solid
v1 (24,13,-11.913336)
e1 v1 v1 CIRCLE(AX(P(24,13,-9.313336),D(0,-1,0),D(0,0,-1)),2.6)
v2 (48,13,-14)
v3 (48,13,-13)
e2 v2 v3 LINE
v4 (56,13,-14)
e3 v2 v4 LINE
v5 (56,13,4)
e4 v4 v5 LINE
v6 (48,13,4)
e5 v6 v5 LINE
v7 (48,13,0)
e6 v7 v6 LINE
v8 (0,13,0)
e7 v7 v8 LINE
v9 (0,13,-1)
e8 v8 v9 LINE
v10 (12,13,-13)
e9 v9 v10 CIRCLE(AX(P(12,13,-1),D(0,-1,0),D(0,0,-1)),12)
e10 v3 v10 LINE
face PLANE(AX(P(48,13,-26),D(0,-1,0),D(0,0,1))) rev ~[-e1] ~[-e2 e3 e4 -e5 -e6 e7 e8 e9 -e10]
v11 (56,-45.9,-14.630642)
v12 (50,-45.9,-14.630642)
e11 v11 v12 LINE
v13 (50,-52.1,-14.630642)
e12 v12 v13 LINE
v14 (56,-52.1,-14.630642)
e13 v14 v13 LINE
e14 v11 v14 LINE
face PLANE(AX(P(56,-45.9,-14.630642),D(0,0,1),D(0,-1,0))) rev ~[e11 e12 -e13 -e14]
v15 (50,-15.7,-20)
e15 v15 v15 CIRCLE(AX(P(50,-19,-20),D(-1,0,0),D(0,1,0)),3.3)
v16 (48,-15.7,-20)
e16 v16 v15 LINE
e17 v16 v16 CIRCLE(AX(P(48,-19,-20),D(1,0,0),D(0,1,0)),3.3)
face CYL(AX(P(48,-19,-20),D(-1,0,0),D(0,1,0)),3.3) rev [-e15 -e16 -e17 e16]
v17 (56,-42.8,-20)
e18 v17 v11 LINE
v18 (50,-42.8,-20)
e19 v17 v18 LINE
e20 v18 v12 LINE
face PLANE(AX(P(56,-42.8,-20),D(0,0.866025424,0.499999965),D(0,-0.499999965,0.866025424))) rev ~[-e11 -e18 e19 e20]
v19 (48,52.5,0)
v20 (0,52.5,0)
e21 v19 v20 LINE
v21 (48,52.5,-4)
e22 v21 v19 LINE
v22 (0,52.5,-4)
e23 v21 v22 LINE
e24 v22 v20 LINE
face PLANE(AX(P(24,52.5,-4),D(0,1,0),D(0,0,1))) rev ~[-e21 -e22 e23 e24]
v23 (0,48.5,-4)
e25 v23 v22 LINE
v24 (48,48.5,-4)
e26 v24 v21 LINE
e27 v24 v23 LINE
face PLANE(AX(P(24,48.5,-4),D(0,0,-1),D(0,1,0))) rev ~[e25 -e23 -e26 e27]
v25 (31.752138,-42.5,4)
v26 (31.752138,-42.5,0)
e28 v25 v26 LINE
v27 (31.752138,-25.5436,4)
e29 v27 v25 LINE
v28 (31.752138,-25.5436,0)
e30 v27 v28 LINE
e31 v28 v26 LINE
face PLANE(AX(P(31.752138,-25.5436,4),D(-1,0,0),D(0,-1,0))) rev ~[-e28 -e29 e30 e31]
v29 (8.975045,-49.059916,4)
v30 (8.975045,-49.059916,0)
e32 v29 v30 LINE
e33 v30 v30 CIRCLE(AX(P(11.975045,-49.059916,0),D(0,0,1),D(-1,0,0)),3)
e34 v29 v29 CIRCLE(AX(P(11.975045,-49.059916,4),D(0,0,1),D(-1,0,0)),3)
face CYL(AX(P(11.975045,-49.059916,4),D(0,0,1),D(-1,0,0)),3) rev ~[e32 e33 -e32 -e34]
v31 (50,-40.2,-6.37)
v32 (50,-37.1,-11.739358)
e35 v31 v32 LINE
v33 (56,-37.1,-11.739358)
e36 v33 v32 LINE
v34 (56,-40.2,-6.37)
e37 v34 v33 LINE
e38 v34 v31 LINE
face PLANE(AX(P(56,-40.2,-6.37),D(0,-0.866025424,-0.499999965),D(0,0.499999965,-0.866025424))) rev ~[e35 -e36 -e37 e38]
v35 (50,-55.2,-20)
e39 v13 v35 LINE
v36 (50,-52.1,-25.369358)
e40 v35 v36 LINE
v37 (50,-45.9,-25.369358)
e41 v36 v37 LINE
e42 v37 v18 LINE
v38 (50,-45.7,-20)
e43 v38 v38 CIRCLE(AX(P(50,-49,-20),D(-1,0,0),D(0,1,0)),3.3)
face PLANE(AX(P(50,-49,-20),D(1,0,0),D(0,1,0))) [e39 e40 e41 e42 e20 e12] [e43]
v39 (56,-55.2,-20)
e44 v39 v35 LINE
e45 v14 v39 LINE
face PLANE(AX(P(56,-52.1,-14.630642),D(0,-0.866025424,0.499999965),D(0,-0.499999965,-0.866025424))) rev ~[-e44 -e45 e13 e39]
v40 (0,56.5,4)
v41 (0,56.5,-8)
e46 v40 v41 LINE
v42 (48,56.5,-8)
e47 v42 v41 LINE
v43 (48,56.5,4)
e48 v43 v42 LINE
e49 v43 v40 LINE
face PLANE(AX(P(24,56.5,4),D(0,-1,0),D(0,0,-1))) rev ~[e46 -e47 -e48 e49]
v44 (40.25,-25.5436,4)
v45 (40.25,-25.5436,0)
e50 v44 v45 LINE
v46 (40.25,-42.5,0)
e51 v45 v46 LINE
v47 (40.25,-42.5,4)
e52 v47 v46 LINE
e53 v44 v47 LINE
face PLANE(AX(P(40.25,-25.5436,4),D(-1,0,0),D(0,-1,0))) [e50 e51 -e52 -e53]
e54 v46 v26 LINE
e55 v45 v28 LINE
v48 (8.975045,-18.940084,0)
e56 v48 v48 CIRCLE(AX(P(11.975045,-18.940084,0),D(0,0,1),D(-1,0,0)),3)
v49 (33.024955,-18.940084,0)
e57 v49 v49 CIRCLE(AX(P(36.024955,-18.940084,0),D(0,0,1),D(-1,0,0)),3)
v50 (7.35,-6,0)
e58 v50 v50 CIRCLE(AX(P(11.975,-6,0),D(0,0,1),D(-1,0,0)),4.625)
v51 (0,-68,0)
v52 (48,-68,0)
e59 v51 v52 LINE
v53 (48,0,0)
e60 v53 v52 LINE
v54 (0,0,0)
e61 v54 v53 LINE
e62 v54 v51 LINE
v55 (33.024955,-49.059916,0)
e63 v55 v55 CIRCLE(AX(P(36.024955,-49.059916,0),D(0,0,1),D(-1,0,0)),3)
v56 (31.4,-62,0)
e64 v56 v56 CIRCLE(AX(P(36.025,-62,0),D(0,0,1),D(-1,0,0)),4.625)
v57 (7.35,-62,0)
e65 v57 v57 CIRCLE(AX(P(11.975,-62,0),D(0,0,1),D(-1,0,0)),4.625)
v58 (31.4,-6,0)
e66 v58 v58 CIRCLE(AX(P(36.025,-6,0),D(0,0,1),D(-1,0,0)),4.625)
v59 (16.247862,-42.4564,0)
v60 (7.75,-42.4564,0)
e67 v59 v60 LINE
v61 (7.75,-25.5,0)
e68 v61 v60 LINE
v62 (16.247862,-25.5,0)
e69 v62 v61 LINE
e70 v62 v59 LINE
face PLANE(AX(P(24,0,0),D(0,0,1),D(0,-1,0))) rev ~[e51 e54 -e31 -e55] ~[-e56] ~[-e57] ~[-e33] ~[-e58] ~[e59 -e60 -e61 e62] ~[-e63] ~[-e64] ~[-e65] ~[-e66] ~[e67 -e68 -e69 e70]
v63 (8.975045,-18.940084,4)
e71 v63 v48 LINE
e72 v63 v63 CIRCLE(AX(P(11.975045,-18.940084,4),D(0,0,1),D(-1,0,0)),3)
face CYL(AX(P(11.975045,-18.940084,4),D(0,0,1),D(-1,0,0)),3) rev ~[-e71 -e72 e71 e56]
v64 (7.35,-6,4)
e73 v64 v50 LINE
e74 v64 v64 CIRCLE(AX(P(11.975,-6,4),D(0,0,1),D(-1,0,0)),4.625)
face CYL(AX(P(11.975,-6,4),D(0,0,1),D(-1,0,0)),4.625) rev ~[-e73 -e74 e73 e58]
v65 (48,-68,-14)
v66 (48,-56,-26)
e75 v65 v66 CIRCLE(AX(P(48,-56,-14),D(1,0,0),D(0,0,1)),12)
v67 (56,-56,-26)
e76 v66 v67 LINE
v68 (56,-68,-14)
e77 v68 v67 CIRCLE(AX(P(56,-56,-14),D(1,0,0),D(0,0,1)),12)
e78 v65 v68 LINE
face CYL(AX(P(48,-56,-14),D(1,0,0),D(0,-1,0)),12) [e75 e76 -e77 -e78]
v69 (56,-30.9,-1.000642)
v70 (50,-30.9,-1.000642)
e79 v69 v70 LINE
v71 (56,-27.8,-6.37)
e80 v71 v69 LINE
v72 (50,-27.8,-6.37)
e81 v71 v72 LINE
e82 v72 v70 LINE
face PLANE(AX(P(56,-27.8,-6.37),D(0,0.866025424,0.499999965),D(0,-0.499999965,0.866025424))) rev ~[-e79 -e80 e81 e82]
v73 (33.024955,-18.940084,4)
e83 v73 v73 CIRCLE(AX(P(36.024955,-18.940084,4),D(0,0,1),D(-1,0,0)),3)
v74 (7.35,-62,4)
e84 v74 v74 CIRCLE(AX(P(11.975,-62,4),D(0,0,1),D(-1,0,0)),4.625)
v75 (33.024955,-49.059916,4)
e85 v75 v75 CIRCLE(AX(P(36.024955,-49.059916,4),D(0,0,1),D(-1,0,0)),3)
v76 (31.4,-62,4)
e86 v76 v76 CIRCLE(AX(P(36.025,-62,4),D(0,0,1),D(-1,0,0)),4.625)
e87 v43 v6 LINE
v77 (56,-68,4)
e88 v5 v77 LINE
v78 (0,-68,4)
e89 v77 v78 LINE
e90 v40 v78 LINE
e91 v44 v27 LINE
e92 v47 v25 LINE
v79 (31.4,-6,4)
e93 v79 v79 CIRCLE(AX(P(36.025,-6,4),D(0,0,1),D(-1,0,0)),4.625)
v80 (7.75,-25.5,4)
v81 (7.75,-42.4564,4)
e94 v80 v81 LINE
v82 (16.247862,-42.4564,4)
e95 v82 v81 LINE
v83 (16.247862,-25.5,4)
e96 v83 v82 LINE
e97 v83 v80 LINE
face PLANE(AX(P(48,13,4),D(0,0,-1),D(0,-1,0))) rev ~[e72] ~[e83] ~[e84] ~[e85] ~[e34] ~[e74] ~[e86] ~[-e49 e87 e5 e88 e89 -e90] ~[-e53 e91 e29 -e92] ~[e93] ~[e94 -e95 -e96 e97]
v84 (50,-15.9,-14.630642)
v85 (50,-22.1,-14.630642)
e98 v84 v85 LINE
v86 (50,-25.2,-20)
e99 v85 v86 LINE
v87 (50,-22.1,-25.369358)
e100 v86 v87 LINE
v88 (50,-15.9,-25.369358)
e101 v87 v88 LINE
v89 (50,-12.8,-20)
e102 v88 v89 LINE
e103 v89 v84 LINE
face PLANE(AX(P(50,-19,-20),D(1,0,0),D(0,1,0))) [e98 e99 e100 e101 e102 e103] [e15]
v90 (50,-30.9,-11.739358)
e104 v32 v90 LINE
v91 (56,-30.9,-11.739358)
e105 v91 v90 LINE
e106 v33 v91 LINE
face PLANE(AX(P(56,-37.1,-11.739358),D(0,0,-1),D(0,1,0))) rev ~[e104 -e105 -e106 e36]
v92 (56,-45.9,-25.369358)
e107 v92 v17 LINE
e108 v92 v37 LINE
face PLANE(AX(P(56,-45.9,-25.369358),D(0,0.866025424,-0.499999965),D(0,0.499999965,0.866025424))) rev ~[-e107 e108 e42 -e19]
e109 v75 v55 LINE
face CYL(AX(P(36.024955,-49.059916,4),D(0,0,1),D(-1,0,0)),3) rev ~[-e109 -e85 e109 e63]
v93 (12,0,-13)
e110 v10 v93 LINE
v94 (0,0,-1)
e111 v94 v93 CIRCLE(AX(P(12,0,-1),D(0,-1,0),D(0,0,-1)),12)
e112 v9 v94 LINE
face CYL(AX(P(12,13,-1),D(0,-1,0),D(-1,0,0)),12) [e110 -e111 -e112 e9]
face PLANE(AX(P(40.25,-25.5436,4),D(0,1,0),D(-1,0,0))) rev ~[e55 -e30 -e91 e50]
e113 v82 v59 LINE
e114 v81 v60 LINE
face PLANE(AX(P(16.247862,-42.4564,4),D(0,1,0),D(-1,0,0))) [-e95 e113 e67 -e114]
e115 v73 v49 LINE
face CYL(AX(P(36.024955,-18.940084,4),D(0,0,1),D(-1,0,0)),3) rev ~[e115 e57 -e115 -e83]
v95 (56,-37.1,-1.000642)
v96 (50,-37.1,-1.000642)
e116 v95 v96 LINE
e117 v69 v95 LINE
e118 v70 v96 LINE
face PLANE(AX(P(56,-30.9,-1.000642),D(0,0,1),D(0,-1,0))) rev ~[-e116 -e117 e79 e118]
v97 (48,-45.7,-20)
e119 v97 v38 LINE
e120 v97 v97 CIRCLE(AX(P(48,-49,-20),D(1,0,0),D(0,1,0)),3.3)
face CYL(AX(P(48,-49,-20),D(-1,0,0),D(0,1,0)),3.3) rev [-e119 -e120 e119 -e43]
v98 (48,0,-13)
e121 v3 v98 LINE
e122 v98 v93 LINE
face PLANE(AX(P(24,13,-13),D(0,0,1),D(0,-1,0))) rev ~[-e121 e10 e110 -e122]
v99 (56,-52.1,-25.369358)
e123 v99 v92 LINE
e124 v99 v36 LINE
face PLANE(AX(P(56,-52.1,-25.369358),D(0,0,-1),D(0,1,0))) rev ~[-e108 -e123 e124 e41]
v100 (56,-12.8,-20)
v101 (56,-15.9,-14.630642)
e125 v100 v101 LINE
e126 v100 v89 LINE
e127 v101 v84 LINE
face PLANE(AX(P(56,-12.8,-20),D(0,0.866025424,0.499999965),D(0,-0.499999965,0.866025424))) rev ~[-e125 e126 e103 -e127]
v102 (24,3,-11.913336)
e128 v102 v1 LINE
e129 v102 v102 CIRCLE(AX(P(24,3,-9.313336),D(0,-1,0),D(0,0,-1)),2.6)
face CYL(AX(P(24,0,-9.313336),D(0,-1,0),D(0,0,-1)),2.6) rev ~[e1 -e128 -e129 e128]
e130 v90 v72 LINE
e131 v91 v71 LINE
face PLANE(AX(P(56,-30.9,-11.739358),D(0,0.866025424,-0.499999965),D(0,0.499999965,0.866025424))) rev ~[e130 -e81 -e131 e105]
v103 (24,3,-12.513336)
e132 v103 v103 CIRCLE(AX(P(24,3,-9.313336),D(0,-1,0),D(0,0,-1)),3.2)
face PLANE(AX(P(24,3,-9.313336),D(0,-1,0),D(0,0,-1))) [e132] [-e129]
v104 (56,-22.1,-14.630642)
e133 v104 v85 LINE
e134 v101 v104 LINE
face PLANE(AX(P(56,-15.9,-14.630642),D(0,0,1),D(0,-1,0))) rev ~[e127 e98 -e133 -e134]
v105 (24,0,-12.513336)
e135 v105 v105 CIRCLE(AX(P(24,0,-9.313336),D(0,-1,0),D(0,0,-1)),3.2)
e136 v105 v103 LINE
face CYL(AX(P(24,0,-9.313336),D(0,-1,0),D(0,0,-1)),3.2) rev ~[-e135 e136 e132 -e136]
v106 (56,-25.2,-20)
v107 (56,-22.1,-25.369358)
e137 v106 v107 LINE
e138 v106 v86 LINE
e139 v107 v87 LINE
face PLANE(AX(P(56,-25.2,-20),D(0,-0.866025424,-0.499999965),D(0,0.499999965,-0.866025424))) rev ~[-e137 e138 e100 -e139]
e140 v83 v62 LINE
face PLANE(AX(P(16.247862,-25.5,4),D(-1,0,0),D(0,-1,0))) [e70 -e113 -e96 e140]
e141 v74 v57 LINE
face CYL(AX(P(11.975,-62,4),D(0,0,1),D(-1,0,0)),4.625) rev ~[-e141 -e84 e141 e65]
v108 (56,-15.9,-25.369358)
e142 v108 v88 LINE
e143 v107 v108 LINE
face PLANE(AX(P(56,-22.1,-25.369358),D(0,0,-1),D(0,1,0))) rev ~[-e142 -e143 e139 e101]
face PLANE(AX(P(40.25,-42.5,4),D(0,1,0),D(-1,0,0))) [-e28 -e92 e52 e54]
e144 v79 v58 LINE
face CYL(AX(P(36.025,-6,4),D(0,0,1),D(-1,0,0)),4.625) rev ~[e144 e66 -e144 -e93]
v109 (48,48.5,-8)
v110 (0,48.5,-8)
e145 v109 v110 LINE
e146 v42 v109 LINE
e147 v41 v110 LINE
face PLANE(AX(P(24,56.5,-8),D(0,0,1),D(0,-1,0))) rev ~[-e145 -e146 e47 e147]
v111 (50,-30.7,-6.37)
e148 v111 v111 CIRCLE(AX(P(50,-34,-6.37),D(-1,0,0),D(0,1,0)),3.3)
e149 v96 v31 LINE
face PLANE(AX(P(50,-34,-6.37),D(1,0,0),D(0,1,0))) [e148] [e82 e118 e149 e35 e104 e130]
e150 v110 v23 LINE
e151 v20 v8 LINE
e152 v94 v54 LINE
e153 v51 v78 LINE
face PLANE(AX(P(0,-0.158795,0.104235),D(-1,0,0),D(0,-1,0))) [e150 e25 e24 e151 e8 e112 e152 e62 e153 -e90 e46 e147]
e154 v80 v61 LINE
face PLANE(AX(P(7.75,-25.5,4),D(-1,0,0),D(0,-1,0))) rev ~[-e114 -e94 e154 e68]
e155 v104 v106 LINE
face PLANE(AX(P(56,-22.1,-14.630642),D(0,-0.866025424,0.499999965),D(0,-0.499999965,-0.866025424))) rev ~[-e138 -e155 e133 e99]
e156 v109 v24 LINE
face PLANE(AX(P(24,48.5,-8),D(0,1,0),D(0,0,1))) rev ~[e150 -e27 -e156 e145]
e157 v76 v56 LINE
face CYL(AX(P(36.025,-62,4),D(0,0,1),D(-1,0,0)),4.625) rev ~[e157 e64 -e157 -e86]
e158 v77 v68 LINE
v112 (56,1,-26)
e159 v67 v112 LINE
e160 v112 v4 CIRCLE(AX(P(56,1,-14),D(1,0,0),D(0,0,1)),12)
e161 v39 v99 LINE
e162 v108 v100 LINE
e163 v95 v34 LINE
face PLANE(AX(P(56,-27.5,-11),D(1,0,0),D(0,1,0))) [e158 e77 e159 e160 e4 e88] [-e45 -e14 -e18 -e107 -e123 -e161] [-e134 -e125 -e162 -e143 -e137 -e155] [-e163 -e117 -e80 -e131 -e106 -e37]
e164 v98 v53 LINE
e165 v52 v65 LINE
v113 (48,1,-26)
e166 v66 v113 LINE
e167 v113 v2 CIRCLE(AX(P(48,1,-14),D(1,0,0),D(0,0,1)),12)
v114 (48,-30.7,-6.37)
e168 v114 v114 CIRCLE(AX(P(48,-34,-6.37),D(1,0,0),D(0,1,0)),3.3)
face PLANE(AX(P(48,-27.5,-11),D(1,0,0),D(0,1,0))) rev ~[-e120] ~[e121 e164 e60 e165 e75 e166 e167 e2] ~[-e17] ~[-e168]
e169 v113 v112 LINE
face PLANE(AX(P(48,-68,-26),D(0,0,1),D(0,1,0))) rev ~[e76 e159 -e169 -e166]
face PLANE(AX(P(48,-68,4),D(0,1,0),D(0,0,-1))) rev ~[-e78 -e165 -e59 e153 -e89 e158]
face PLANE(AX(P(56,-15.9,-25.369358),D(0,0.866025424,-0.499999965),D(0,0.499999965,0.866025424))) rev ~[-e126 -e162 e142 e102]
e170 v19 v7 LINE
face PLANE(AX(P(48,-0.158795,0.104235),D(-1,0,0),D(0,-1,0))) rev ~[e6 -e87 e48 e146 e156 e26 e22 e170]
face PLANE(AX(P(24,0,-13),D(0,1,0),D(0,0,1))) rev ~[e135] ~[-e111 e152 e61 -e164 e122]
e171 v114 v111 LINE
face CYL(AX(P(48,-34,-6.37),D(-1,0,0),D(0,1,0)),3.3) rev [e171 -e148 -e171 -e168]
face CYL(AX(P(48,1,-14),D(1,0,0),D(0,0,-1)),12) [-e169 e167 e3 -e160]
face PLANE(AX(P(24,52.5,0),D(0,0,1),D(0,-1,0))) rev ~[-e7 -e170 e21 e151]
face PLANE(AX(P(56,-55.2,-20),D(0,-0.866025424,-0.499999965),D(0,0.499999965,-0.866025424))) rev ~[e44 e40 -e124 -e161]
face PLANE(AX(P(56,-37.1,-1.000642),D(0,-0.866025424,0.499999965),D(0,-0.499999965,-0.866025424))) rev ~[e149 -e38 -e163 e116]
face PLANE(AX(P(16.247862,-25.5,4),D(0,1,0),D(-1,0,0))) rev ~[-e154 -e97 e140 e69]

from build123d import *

# Parameters (mm, degrees)
PAD_DEPTH       = 24
SKETCH_R        = 4.625
SKETCH_R_2      = 3
SKETCH_W        = 8.497862
SKETCH_H        = 16.9564
POCKET_DEPTH    = 4
SKETCH003_R     = 2.6
POCKET001_DEPTH = 13
SKETCH005_R     = 3.3
PAD001_DEPTH    = 8
SKETCH004_R     = 3.2
POCKET002_DEPTH = 3
POCKET003_DEPTH = 6
FILLET_R        = 12


with BuildPart() as part:
    # Sketch002 → Pad (new body, symmetric)
    with BuildSketch(Plane.YZ.offset(24)):
        Polygon((0, 4), (56.5, 4), (56.5, -8), (48.5, -8), (48.5, -4), (52.5, -4), (52.5, 0), (13, 0), (13, -13), (0, -13), (0, 0), (-68, 0), (-68, 4), align=None)
    extrude(amount=PAD_DEPTH, both=True)

    # Sketch (on Face13 of Pad) → Pocket (cut)
    with BuildSketch(Plane(origin=(24, -34, 4), x_dir=(-1, 0, 0), z_dir=(0, 0, 1))):
        with Locations((-12.025, 28)):
            Circle(SKETCH_R)
        with Locations((12.025, 28)):
            Circle(SKETCH_R)
        with Locations((12.025, -28)):
            Circle(SKETCH_R)
        with Locations((-12.025, -28)):
            Circle(SKETCH_R)
        with Locations((-12.024955, 15.059916)):
            Circle(SKETCH_R_2)
        with Locations((12.024955, 15.059916)):
            Circle(SKETCH_R_2)
        with Locations((12.024955, -15.059916)):
            Circle(SKETCH_R_2)
        with Locations((-12.024955, -15.059916)):
            Circle(SKETCH_R_2)
        with Locations((-12.001069, 0.0218)):
            Rectangle(SKETCH_W, SKETCH_H)
        with Locations((12.001069, -0.0218)):
            Rectangle(SKETCH_W, SKETCH_H)
    extrude(amount=-POCKET_DEPTH, mode=Mode.SUBTRACT)

    # Sketch003 (on Face30 of Pocket) → Pocket001 (cut)
    with BuildSketch(Plane(origin=(24, 0, 0), x_dir=(0, 0, -1), z_dir=(0, -1, 0))):
        with Locations((9.313336, 0)):
            Circle(SKETCH003_R)
    extrude(amount=-POCKET001_DEPTH, mode=Mode.SUBTRACT)

    # Sketch005 → Pad001 (join)
    with BuildSketch(Plane.YZ.offset(48)):
        Polygon((0, 4), (-68, 4), (-68, -26), (0, -26), (13, -26), (13, 4), align=None)
        with Locations((-49, -20)):
            Circle(SKETCH005_R, mode=Mode.SUBTRACT)
        with Locations((-19, -20)):
            Circle(SKETCH005_R, mode=Mode.SUBTRACT)
        with Locations((-34, -6.37)):
            Circle(SKETCH005_R, mode=Mode.SUBTRACT)
    extrude(amount=PAD001_DEPTH)

    # Sketch004 → Pocket002 (cut)
    with BuildSketch(Plane(origin=(24, 0, 0), x_dir=(0, 0, -1), z_dir=(0, -1, 0))):
        with Locations((9.313336, 0)):
            Circle(SKETCH004_R)
    extrude(amount=-POCKET002_DEPTH, mode=Mode.SUBTRACT)

    # Sketch006 (on Face35 of Pocket002) → Pocket003 (cut)
    with BuildSketch(Plane.YZ.offset(56)):
        Polygon((-42.8, -20), (-45.9, -14.630642), (-52.1, -14.630642), (-55.2, -20), (-52.1, -25.369358), (-45.9, -25.369358), align=None)
        Polygon((-27.8, -6.37), (-30.9, -1.000642), (-37.1, -1.000642), (-40.2, -6.37), (-37.1, -11.739358), (-30.9, -11.739358), align=None)
        Polygon((-12.8, -20), (-15.9, -14.630642), (-22.1, -14.630642), (-25.2, -20), (-22.1, -25.369358), (-15.9, -25.369358), align=None)
    extrude(amount=-POCKET003_DEPTH, mode=Mode.SUBTRACT)

    # Fillet
    fillet_edges = [part.edges().sort_by_distance(p)[0] for p in [
        (52, -68, -26),
        (52, 13, -26),
        (0, 6.5, -13),
    ]]
    fillet(fillet_edges, radius=FILLET_R)


solid = part.part
